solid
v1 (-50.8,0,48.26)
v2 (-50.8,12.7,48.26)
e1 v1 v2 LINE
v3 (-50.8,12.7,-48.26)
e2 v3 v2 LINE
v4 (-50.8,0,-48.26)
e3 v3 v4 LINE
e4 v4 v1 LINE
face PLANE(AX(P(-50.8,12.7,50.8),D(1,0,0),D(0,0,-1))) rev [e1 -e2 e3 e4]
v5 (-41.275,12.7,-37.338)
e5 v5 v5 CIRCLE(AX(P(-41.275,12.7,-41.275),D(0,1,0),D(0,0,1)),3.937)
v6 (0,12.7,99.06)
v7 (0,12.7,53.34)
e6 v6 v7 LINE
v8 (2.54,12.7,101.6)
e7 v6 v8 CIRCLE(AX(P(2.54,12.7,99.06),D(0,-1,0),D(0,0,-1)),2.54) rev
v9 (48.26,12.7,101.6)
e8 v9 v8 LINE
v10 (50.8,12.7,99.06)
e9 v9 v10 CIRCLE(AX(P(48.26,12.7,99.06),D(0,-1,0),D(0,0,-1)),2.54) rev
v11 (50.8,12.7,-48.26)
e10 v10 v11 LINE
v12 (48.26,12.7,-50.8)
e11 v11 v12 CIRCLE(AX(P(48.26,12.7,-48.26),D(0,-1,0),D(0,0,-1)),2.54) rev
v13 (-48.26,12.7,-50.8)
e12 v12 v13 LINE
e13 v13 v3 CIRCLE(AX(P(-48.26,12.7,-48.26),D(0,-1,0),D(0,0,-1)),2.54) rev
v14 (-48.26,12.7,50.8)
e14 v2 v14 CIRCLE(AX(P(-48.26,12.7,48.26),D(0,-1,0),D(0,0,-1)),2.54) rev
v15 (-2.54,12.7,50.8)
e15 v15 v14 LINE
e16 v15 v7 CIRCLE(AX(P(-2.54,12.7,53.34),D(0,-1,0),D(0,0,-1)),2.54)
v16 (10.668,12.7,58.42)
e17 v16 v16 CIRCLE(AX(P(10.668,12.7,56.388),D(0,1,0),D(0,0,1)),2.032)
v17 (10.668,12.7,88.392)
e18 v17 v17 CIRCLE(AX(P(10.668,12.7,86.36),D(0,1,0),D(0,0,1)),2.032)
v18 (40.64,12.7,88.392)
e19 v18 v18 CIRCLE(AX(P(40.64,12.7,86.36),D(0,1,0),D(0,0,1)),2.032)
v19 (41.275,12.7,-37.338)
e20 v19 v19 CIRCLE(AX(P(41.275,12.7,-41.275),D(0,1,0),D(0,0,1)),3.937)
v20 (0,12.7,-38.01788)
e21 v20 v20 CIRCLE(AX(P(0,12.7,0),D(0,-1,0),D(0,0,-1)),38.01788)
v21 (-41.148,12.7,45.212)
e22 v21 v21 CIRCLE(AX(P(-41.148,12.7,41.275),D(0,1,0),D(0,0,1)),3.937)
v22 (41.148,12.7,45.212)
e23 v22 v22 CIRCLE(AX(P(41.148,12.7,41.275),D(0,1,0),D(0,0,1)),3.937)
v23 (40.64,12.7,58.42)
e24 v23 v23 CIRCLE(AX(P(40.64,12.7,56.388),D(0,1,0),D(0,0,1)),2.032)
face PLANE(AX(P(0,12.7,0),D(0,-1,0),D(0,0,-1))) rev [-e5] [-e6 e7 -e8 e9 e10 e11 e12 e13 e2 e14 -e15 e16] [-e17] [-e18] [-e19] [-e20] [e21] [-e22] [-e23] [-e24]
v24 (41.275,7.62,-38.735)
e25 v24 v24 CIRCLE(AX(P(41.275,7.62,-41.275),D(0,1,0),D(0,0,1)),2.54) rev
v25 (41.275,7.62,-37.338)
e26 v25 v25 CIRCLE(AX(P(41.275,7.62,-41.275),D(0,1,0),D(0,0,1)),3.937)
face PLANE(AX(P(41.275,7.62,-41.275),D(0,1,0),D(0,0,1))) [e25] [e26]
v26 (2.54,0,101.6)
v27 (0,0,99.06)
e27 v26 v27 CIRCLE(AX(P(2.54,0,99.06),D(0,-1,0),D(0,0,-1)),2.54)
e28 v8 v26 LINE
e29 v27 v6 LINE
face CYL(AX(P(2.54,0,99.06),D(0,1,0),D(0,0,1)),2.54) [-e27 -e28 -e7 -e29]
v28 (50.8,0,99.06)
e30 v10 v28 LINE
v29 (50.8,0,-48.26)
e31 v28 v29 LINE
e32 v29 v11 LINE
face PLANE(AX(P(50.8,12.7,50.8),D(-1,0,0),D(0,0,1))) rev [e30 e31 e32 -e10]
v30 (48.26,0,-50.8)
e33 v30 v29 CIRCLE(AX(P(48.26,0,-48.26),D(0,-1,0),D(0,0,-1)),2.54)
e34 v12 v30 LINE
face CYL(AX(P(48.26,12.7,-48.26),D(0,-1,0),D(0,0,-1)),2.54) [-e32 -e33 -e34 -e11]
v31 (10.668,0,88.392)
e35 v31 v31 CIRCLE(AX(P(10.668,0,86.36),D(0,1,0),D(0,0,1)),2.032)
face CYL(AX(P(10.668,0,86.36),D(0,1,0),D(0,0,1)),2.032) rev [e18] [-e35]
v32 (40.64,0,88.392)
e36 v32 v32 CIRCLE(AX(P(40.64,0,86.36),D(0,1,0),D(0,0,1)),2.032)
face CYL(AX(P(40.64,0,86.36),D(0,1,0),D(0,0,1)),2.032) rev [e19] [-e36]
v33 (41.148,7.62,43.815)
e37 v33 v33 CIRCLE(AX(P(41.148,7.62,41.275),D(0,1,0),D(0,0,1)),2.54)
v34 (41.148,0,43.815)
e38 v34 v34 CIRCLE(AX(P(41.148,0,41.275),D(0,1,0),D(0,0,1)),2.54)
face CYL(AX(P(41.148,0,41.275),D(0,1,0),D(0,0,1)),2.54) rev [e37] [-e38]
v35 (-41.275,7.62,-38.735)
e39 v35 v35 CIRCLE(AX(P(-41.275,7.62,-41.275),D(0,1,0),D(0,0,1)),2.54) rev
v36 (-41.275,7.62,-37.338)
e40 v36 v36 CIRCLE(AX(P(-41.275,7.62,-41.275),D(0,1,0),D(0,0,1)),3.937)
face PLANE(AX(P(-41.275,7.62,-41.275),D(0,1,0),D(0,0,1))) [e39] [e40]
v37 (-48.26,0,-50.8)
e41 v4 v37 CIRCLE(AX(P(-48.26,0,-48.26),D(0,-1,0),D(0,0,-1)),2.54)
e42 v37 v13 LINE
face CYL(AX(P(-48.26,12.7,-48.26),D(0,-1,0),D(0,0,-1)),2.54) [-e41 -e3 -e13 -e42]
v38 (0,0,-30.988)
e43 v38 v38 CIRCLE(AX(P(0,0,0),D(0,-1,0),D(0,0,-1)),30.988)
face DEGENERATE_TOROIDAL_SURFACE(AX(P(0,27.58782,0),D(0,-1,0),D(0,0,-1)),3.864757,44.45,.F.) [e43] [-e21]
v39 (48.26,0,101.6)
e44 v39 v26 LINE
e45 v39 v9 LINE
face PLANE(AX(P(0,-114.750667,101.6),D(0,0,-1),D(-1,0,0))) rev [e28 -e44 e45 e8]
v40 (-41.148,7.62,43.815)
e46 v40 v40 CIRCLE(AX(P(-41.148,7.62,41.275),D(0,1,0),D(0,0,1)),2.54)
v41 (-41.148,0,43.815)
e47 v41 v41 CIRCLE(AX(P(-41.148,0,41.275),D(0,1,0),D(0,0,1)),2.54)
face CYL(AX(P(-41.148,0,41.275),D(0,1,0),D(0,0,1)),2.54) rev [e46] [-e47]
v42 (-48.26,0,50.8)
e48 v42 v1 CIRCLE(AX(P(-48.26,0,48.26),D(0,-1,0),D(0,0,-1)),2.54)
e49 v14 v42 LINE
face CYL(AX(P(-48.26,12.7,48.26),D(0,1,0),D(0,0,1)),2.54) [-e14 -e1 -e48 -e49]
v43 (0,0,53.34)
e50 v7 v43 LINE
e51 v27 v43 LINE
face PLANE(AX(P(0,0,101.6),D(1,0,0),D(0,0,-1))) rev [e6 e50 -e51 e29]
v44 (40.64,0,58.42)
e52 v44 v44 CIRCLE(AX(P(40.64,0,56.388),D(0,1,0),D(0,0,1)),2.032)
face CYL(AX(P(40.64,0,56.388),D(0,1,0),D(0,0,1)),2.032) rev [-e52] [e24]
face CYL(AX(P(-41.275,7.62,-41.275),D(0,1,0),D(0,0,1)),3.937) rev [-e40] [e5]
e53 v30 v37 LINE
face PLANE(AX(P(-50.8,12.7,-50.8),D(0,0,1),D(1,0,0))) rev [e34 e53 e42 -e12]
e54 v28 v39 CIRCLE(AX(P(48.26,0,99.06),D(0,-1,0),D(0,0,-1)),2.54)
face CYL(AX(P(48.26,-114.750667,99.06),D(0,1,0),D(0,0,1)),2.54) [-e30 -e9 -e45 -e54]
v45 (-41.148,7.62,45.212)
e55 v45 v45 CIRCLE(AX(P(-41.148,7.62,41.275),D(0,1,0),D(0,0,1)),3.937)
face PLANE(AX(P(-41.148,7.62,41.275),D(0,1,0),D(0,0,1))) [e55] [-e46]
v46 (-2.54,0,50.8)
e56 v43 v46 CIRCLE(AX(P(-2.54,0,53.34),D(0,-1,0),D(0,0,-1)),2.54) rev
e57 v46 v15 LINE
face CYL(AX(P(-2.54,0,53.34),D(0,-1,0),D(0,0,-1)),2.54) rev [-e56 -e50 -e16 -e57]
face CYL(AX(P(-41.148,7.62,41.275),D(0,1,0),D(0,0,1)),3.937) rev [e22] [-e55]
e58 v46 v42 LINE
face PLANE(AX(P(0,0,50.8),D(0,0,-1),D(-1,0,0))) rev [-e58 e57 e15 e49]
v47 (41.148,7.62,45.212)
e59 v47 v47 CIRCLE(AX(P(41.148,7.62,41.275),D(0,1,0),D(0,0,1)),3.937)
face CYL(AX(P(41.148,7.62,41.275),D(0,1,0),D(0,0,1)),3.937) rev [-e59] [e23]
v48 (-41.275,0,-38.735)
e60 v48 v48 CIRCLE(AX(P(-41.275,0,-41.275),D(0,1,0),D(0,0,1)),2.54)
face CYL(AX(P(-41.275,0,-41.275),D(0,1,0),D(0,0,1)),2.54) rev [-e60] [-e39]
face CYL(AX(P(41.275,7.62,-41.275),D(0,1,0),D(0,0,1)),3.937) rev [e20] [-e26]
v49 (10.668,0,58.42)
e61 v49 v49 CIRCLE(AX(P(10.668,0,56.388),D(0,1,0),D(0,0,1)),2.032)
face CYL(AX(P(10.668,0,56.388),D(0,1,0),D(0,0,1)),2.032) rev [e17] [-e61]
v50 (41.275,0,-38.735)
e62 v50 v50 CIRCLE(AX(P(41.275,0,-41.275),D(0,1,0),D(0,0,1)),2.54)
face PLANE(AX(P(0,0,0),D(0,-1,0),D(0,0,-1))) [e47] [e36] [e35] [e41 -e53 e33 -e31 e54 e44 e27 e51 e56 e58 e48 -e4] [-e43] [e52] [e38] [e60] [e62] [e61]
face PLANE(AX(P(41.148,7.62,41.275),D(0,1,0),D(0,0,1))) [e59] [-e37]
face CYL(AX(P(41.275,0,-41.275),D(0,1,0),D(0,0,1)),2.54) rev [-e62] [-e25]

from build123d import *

# Parameters (mm, degrees)
SKETCH1_W           = 101.6
SKETCH1_H           = 101.6
BOSS_EXTRUDE1_DEPTH = 12.7
SKETCH4_R           = 2.54
CUT_EXTRUDE3_DEPTH  = 73.955945768
SKETCH6_R           = 3.937
CUT_EXTRUDE4_DEPTH  = 5.08
FILLET2_R           = 2.54
BOSS_EXTRUDE2_DEPTH = 12.7
SKETCH8_R           = 3.937
CUT_EXTRUDE5_DEPTH  = 5.08
SKETCH9_R           = 2.54
CUT_EXTRUDE6_DEPTH  = 115.300000144
FILLET4_R           = 2.54
SKETCH11_R          = 2.032
CUT_EXTRUDE7_DEPTH  = 115.300000144
SKETCH12_W          = 50.8
SKETCH12_H          = 50.8
CUT_EXTRUDE8_DEPTH  = 115.300000144
FILLET5_R           = 2.54


with BuildPart() as part:
    # Sketch1 → Boss-Extrude1 (new body)
    with BuildSketch(Plane(origin=(0, 0, 0), x_dir=(1, 0, 0), z_dir=(0, 1, 0))):
        Rectangle(SKETCH1_W, SKETCH1_H)
    extrude(amount=BOSS_EXTRUDE1_DEPTH)

    # Sketch5 → Cut-Revolve1 (revolve, cut)
    with BuildSketch(Plane.XY, mode=Mode.PRIVATE) as cut_revolve1_sk:
        with BuildLine():
            Line((0, 0), (30.988, 0))
            ThreePointArc((30.988, 0), (35.469857517, 6.88539078), (38.608, 14.478))
            Line((38.608, 14.478), (0, 14.478))
            Line((0, 14.478), (0, 0))
        make_face()
    revolve(cut_revolve1_sk.sketch.rotate(Axis((0, 0, 0), (0, 1, 0)), 90), axis=Axis((0, 0, 0), (0, 1, 0)), mode=Mode.SUBTRACT)

    # Sketch4 → Cut-Extrude3 (cut, through all)
    with BuildSketch(Plane(origin=(0, 12.7, 0), x_dir=(1, 0, 0), z_dir=(0, 1, 0))):
        with Locations(Location((-41.275, 41.275, 0), (0, 0, 270))):
            Circle(SKETCH4_R)
        with Locations(Location((41.275, 41.275, 0), (0, 0, 270))):
            Circle(SKETCH4_R)
    extrude(amount=-CUT_EXTRUDE3_DEPTH, mode=Mode.SUBTRACT)

    # Sketch6 → Cut-Extrude4 (cut)
    with BuildSketch(Plane(origin=(0, 12.7, 0), x_dir=(1, 0, 0), z_dir=(0, 1, 0))):
        with Locations(Location((-41.275, 41.275, 0), (0, 0, 270))):
            Circle(SKETCH6_R)
        with Locations(Location((41.275, 41.275, 0), (0, 0, 270))):
            Circle(SKETCH6_R)
    extrude(amount=-CUT_EXTRUDE4_DEPTH, mode=Mode.SUBTRACT)

    # Fillet2
    fillet2_edges = [part.edges().sort_by_distance(p)[0] for p in [
        (50.8, 6.35, 50.8),
        (-50.8, 6.35, 50.8),
        (-50.8, 6.35, -50.8),
        (50.8, 6.35, -50.8),
    ]]
    fillet(fillet2_edges, radius=FILLET2_R)

    # Sketch7 → Boss-Extrude2 (add)
    with BuildSketch(Plane(origin=(0, 12.7, 0), x_dir=(1, 0, 0), z_dir=(0, 1, 0))):
        with BuildLine():
            Line((-50.8, -101.6), (50.8, -101.6))
            Line((50.8, -101.6), (50.8, -48.26))
            ThreePointArc((50.8, -48.26), (50.056051224, -50.056051224), (48.26, -50.8))
            Line((48.26, -50.8), (-48.26, -50.8))
            ThreePointArc((-48.26, -50.8), (-50.056051224, -50.056051224), (-50.8, -48.26))
            Line((-50.8, -48.26), (-50.8, -101.6))
        make_face()
    extrude(amount=-BOSS_EXTRUDE2_DEPTH)

    # Sketch8 → Cut-Extrude5 (cut)
    with BuildSketch(Plane(origin=(0, 12.7, 0), x_dir=(1, 0, 0), z_dir=(0, 1, 0))):
        with Locations(Location((-41.148, -41.275, 0), (0, 0, 270))):
            Circle(SKETCH8_R)
        with Locations(Location((41.148, -41.275, 0), (0, 0, 270))):
            Circle(SKETCH8_R)
    extrude(amount=-CUT_EXTRUDE5_DEPTH, mode=Mode.SUBTRACT)

    # Sketch9 → Cut-Extrude6 (cut, through all)
    with BuildSketch(Plane(origin=(0, 12.7, 0), x_dir=(1, 0, 0), z_dir=(0, 1, 0))):
        with Locations(Location((-41.148, -41.275, 0), (0, 0, 270))):
            Circle(SKETCH9_R)
        with Locations(Location((41.148, -41.275, 0), (0, 0, 270))):
            Circle(SKETCH9_R)
    extrude(amount=-CUT_EXTRUDE6_DEPTH, mode=Mode.SUBTRACT)

    # Fillet4
    fillet4_edges = [part.edges().sort_by_distance(p)[0] for p in [
        (-50.8, 6.35, 101.6),
        (50.8, 6.35, 101.6),
    ]]
    fillet(fillet4_edges, radius=FILLET4_R)

    # Sketch11 → Cut-Extrude7 (cut, through all)
    with BuildSketch(Plane(origin=(0, 12.7, 0), x_dir=(1, 0, 0), z_dir=(0, 1, 0))):
        with Locations(Location((10.668, -56.388, 0), (0, 0, 270))):
            Circle(SKETCH11_R)
        with Locations(Location((10.668, -86.36, 0), (0, 0, 270))):
            Circle(SKETCH11_R)
        with Locations(Location((40.64, -86.36, 0), (0, 0, 270))):
            Circle(SKETCH11_R)
        with Locations(Location((40.64, -56.388, 0), (0, 0, 270))):
            Circle(SKETCH11_R)
    extrude(amount=-CUT_EXTRUDE7_DEPTH, mode=Mode.SUBTRACT)

    # Sketch12 → Cut-Extrude8 (cut, through all)
    with BuildSketch(Plane(origin=(0, 12.7, 0), x_dir=(1, 0, 0), z_dir=(0, 1, 0))):
        with Locations((-25.4, -76.2)):
            Rectangle(SKETCH12_W, SKETCH12_H)
    extrude(amount=-CUT_EXTRUDE8_DEPTH, mode=Mode.SUBTRACT)

    # Fillet5
    fillet5_edges = [part.edges().sort_by_distance(p)[0] for p in [
        (0, 6.35, 101.6),
        (0, 6.35, 50.8),
        (-50.8, 6.35, 50.8),
    ]]
    fillet(fillet5_edges, radius=FILLET5_R)


solid = part.part
